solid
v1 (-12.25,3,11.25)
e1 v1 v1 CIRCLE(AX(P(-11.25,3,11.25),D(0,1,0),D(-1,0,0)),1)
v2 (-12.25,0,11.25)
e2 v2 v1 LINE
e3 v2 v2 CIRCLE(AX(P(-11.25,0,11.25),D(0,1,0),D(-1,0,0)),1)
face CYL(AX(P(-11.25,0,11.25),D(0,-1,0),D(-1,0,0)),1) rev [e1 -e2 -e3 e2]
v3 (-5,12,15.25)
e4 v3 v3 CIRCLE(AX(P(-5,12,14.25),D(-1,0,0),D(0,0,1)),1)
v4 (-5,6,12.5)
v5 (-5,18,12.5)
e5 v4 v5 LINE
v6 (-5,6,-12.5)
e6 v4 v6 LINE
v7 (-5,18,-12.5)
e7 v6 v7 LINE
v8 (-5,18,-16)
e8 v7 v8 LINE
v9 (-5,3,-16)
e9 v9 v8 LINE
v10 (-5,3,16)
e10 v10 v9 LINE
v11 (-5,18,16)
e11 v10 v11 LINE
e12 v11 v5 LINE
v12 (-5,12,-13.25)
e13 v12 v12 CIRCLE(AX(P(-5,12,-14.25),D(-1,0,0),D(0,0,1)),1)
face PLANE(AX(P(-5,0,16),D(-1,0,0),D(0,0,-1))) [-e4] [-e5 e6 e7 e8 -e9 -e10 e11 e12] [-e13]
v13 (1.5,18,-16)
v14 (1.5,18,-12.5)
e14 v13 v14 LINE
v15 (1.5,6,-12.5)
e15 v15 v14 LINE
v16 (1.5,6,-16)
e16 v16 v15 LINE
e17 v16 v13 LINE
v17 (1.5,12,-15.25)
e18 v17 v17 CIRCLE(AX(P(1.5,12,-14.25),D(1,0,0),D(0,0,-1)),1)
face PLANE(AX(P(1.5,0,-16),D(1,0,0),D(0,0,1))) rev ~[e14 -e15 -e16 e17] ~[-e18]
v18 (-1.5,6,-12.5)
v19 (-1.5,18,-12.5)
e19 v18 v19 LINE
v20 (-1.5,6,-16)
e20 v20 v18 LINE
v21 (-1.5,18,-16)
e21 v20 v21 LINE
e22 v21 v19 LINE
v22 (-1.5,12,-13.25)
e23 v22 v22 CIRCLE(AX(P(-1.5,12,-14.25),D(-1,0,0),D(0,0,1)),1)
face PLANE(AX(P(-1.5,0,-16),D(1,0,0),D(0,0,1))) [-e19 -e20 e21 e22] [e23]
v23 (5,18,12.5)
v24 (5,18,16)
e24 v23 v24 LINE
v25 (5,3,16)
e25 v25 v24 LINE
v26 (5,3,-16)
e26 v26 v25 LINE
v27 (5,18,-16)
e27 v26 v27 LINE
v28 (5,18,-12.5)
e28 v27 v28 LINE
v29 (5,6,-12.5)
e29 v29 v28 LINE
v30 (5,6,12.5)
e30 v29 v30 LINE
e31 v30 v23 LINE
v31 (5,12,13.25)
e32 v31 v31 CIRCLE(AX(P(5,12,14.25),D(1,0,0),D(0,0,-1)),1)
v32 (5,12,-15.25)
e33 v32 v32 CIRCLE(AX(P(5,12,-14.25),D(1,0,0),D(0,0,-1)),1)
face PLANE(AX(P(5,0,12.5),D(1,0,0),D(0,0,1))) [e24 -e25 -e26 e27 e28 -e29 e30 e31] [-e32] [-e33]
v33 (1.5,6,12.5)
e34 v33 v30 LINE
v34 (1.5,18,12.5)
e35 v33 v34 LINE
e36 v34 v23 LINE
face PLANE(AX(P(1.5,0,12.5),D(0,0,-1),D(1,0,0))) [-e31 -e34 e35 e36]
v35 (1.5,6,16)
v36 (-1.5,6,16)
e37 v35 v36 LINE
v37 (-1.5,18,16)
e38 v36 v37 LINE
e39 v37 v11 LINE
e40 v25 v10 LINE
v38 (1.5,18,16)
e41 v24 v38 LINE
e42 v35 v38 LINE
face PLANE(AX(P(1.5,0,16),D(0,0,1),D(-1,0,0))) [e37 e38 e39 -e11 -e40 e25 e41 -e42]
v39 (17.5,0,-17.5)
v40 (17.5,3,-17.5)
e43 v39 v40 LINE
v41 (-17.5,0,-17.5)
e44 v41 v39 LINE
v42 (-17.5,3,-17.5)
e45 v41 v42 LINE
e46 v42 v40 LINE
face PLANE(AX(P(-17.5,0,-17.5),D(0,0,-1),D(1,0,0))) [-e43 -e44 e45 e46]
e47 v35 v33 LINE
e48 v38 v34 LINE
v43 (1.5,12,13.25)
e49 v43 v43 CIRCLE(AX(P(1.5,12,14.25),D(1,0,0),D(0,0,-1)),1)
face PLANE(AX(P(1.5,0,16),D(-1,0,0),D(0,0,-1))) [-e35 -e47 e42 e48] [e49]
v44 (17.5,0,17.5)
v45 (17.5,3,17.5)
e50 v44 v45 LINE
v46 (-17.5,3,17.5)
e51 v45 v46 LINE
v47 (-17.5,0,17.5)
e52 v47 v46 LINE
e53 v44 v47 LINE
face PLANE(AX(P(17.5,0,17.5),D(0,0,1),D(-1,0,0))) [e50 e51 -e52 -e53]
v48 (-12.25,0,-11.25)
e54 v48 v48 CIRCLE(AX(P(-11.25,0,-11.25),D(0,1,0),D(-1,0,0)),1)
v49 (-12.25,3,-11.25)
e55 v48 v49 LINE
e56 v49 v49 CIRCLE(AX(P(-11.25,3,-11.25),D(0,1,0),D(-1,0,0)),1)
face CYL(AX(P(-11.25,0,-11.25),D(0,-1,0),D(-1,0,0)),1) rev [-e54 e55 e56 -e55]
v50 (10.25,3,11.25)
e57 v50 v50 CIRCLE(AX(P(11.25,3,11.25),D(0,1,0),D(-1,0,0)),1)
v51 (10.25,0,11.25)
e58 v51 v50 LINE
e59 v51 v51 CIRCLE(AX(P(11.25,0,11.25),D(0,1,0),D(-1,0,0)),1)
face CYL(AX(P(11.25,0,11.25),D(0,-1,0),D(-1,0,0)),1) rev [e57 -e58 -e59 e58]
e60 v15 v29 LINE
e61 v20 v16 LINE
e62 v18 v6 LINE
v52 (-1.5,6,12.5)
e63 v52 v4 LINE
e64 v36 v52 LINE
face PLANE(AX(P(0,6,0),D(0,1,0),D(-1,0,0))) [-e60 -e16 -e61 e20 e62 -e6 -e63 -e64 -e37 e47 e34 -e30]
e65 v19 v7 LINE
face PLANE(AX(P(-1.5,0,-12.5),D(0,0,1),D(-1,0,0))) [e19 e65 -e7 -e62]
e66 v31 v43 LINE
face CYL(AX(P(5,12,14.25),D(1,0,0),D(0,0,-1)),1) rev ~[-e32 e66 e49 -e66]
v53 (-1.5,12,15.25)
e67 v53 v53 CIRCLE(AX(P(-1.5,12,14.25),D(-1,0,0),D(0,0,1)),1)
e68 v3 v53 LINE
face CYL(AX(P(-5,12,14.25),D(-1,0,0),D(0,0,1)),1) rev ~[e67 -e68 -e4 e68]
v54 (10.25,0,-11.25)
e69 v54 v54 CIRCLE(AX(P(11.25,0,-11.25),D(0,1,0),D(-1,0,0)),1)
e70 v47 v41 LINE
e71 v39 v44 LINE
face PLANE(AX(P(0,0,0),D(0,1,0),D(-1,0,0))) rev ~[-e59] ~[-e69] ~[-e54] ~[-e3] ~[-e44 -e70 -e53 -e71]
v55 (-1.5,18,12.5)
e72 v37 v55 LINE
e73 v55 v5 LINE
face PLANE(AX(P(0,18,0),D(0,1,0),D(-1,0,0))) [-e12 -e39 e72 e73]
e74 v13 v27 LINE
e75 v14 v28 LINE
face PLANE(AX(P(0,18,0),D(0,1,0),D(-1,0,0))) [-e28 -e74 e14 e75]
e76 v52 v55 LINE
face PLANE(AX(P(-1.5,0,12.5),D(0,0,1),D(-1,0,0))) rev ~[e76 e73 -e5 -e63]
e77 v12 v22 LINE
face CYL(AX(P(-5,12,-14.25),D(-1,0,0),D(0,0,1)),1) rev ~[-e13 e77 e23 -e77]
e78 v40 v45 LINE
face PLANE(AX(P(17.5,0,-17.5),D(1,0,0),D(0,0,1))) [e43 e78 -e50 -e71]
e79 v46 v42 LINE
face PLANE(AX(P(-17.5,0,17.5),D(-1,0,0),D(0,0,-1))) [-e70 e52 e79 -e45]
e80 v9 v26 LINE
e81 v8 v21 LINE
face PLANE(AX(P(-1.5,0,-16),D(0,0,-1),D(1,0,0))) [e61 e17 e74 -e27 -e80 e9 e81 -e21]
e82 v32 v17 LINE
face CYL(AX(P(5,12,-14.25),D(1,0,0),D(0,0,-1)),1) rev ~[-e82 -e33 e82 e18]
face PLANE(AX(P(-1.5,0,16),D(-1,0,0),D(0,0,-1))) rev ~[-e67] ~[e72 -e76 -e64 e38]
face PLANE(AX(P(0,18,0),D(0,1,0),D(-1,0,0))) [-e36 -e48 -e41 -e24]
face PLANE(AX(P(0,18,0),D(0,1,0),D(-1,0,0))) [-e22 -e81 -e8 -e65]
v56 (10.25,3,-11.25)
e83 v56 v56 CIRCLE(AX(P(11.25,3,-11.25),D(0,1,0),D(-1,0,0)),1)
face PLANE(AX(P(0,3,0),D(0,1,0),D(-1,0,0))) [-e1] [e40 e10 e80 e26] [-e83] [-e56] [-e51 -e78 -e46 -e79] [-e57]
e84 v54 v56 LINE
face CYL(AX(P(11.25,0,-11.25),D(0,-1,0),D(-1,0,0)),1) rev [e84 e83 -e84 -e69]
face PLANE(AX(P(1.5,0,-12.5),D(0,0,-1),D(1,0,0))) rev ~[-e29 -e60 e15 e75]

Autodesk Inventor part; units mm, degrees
ref_plane "YZ Plane" through (0, 0, 0) normal (1, 0, 0) x (0, 1, 0)
ref_plane "XZ Plane" through (0, 0, 0) normal (0, 1, 0) x (-1, 0, 0)
ref_plane "XY Plane" through (0, 0, 0) normal (0, 0, 1) x (1, 0, 0)
sketch "Sketch1" plane through (0, 0, 0) normal (0, 1, 0) x (-1, 0, 0)
  circle A0 centre (11.25, 11.25) radius 1
  circle A1 centre (11.25, -11.25) radius 1
  circle A2 centre (-11.25, 11.25) radius 1
  circle A3 centre (-11.25, -11.25) radius 1
  line L0 (-17.5, 17.5) -> (17.5, 17.5)
  line L1 (17.5, 17.5) -> (17.5, -17.5)
  line L2 (17.5, -17.5) -> (-17.5, -17.5)
  line L3 (-17.5, -17.5) -> (-17.5, 17.5)
  line L4 (-5, 16) -> (5, 16)
  line L5 (5, 16) -> (5, -16)
  line L6 (5, -16) -> (-5, -16)
  line L7 (-5, -16) -> (-5, 16)
  line L8 (-5, -16) -> (-1.5, -16)
  line L9 (-1.5, -16) -> (-1.5, -12.5)
  line L10 (-1.5, -12.5) -> (-5, -12.5)
  line L11 (-5, -12.5) -> (-5, -16)
  line L12 (5, -16) -> (1.5, -16)
  line L13 (1.5, -16) -> (1.5, -12.5)
  line L14 (1.5, -12.5) -> (5, -12.5)
  line L15 (5, -12.5) -> (5, -16)
  line L16 (-5, 16) -> (-1.5, 16)
  line L17 (-1.5, 16) -> (-1.5, 12.5)
  line L18 (-1.5, 12.5) -> (-5, 12.5)
  line L19 (-5, 12.5) -> (-5, 16)
  line L20 (5, 16) -> (1.5, 16)
  line L21 (1.5, 16) -> (1.5, 12.5)
  line L22 (1.5, 12.5) -> (5, 12.5)
  line L23 (5, 12.5) -> (5, 16)
  point P0 (0, 0)
extrude "Extrusion1" add sketch "Sketch1" along normal blind 18 contours L4 L17 L18 L7 | L4 L5 L22 L21 | L10 L9 L6 L7 | L5 L6 L13 L14
extrude "Extrusion2" add sketch "Sketch1" along normal blind 6 contours L4 L21 L22 L5 L14 L13 L6 L9 L10 L7 L18 L17
extrude "Extrusion3" add sketch "Sketch1" along normal blind 3
sketch "Sketch2" plane through (5, 18, -12.5) normal (1, 0, 0) x (0, 0, -1)
  line L0 (-28.5, -12) -> (-25, -12) projected
  line L1 (3.5, -12) -> (0, -12) projected
  circle A0 centre (1.75, -6) radius 1
  circle A1 centre (-26.75, -6) radius 1
  point P0 (-12.5, -18)
extrude "Extrusion4" cut sketch "Sketch2" against normal blind 3.5
sketch "Sketch3" plane through (-5, 18, 12.5) normal (-1, 0, 0) x (0, 0, 1)
  circle A0 centre (-26.75, -6) radius 1 projected
  circle A1 centre (-26.75, -6) radius 1
  circle A2 centre (1.75, -6) radius 1 projected
  circle A3 centre (1.75, -6) radius 1
  point P0 (-12.5, -18)
extrude "Extrusion5" cut sketch "Sketch3" against normal blind 3.5 contours A0
extrude "Extrusion6" cut sketch "Sketch3" against normal blind 3.5 contours A2
properties part number "camera_plate"
